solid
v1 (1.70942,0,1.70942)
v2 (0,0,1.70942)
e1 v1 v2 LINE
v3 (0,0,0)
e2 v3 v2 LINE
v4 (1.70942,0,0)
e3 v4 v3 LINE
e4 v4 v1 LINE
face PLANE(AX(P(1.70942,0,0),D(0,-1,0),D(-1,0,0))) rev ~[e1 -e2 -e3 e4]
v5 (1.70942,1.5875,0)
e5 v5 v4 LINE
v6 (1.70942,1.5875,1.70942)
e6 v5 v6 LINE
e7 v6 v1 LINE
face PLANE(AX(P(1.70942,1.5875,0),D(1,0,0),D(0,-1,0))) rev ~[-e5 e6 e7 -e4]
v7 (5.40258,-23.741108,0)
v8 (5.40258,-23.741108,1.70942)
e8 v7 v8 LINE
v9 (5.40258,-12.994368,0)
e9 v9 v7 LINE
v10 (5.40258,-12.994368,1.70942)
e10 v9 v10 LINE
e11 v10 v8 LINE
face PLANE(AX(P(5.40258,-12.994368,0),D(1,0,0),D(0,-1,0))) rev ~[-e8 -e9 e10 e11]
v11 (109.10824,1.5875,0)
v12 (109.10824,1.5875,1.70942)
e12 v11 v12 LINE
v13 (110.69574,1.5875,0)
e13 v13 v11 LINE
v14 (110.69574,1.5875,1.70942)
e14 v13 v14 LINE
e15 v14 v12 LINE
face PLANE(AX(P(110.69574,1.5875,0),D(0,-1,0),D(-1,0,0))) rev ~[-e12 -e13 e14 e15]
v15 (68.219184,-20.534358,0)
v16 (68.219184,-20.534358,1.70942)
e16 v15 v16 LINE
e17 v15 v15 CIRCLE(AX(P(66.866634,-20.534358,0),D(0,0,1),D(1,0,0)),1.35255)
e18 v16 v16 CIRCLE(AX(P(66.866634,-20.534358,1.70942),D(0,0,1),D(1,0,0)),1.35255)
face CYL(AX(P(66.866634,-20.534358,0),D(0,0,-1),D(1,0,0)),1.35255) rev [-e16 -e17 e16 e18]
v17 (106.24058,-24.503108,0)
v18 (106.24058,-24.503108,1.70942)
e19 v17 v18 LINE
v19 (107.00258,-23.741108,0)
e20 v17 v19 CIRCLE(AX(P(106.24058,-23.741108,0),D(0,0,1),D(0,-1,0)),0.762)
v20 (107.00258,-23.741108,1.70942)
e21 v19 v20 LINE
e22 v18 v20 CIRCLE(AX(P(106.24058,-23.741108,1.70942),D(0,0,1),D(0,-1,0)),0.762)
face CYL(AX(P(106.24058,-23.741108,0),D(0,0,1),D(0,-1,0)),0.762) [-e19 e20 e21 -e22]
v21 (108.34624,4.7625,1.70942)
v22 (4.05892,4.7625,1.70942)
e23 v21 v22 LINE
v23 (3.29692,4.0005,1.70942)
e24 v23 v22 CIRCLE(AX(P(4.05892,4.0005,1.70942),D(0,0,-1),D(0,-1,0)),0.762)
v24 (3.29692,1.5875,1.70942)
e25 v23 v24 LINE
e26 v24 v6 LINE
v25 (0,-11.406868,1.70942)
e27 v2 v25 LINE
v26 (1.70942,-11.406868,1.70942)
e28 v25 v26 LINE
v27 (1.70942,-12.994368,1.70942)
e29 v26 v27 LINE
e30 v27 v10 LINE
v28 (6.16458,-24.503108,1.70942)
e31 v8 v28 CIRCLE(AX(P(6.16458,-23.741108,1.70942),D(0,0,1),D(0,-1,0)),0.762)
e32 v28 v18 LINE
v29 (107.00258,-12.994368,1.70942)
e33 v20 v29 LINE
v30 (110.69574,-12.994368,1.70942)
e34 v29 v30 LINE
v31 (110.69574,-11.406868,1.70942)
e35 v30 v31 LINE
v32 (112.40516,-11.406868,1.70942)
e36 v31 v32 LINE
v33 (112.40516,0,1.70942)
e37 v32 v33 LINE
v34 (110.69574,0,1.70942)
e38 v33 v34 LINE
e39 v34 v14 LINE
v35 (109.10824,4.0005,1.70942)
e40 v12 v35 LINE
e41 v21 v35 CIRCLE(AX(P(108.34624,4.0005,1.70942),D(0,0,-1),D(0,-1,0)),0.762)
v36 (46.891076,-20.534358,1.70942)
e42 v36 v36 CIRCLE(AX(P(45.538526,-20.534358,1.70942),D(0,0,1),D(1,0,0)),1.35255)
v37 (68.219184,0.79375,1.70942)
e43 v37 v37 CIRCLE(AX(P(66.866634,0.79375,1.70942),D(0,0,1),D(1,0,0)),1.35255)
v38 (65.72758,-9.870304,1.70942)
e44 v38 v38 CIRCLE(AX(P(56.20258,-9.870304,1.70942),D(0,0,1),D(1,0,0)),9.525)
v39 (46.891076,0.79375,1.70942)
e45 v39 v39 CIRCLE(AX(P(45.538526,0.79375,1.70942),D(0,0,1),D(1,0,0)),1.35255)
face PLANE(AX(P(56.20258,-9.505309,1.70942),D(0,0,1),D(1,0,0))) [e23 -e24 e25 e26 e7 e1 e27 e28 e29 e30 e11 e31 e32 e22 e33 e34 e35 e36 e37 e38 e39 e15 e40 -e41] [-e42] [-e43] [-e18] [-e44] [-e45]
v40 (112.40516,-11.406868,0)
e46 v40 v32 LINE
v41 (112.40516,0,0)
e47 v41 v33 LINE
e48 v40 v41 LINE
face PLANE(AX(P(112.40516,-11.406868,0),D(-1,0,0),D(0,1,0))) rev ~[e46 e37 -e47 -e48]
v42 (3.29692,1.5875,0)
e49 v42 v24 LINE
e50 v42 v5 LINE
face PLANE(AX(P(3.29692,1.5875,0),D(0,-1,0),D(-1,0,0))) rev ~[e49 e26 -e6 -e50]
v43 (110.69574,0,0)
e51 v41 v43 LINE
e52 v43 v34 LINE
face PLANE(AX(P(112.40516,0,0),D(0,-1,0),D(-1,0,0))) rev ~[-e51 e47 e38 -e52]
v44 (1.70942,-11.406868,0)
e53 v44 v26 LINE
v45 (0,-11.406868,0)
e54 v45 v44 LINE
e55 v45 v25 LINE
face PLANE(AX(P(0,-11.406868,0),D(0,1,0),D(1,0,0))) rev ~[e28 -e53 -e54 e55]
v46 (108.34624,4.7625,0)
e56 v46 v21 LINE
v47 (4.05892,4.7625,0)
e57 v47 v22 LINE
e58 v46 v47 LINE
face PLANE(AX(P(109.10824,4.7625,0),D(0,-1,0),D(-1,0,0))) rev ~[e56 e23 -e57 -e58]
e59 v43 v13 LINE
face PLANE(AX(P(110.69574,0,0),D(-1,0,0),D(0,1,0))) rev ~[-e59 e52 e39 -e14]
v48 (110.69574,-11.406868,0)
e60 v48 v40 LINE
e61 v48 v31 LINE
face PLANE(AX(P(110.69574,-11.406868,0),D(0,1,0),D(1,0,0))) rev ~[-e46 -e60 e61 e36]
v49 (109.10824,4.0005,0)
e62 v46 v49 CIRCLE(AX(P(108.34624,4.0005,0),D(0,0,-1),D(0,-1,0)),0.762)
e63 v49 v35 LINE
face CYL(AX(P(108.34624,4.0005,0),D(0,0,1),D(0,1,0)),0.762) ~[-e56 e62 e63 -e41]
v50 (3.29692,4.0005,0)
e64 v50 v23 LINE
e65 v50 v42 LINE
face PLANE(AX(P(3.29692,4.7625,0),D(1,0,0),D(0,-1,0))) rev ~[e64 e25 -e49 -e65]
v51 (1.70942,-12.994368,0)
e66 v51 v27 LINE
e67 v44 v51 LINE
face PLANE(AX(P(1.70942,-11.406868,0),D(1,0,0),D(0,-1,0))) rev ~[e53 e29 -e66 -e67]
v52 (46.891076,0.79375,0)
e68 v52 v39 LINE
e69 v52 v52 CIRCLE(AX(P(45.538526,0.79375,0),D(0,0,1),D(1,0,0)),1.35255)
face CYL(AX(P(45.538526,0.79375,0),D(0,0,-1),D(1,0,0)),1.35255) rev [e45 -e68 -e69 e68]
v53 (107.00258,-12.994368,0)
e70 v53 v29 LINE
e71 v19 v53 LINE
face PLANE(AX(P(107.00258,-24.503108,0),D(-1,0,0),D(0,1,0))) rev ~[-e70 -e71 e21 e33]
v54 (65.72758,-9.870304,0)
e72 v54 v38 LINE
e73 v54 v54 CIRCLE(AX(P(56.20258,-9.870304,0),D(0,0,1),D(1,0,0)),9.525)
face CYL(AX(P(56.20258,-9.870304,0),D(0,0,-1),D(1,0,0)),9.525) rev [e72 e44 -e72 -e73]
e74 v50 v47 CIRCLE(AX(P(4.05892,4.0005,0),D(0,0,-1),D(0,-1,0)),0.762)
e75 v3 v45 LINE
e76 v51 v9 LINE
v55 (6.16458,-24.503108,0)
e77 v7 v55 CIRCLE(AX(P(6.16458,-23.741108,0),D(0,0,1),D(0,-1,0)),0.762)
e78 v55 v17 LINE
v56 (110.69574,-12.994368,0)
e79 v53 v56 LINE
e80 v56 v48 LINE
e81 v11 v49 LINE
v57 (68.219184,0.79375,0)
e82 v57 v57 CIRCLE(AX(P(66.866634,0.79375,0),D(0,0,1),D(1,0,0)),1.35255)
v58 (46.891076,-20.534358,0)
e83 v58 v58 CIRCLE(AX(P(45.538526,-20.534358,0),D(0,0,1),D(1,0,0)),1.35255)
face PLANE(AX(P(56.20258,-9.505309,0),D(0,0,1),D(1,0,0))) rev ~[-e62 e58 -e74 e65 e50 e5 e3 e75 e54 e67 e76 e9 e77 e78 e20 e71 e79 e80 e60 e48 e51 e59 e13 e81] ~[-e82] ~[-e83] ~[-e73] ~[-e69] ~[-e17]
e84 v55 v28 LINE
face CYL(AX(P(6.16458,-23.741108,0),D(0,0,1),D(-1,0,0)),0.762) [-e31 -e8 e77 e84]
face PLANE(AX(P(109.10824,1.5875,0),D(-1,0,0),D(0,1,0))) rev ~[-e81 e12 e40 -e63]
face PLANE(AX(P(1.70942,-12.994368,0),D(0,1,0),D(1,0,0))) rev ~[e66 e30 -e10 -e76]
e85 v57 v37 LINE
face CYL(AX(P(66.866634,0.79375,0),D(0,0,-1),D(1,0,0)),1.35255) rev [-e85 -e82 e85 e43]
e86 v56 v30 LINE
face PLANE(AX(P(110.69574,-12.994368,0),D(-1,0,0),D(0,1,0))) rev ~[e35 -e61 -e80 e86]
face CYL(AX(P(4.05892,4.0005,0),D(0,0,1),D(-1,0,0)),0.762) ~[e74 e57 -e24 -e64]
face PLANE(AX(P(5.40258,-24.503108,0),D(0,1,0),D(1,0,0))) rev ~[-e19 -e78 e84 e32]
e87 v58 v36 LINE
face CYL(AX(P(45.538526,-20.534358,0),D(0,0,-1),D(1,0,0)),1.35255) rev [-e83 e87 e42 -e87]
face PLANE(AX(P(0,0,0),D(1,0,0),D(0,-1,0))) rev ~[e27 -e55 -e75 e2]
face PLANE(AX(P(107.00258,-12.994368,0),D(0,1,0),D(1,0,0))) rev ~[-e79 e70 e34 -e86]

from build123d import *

# Parameters (mm, degrees)
F0_R     = 1.35255
F0_R_2   = 9.525
F1_DEPTH = 1.70942
F2_R     = 0.762


with BuildPart() as f1:
    # F0 (on Top) → F1 (new body)
    with BuildSketch(Plane.XY):
        Polygon((1.70942, 0), (0, 0), (0, -11.406868), (1.70942, -11.406868), (1.70942, -12.994368), (5.40258, -12.994368), (5.40258, -24.503108), (107.00258, -24.503108), (107.00258, -12.994368), (110.69574, -12.994368), (110.69574, -11.406868), (112.40516, -11.406868), (112.40516, 0), (110.69574, 0), (110.69574, 1.5875), (109.10824, 1.5875), (109.10824, 4.7625), (3.29692, 4.7625), (3.29692, 1.5875), (1.70942, 1.5875), align=None)
        with Locations((45.538526, -20.534358)):
            Circle(F0_R, mode=Mode.SUBTRACT)
        with Locations((66.866634, -20.534358)):
            Circle(F0_R, mode=Mode.SUBTRACT)
        with Locations((56.20258, -9.870304)):
            Circle(F0_R_2, mode=Mode.SUBTRACT)
        with Locations((45.538526, 0.79375)):
            Circle(F0_R, mode=Mode.SUBTRACT)
        with Locations((66.866634, 0.79375)):
            Circle(F0_R, mode=Mode.SUBTRACT)
    extrude(amount=F1_DEPTH)

    # F2
    f2_edges = [f1.edges().sort_by_distance(p)[0] for p in [
        (3.29692, 4.7625, 0.85471),
        (5.40258, -24.503108, 0.85471),
        (107.00258, -24.503108, 0.85471),
        (109.10824, 4.7625, 0.85471),
    ]]
    fillet(f2_edges, radius=F2_R)


solid = f1.part
